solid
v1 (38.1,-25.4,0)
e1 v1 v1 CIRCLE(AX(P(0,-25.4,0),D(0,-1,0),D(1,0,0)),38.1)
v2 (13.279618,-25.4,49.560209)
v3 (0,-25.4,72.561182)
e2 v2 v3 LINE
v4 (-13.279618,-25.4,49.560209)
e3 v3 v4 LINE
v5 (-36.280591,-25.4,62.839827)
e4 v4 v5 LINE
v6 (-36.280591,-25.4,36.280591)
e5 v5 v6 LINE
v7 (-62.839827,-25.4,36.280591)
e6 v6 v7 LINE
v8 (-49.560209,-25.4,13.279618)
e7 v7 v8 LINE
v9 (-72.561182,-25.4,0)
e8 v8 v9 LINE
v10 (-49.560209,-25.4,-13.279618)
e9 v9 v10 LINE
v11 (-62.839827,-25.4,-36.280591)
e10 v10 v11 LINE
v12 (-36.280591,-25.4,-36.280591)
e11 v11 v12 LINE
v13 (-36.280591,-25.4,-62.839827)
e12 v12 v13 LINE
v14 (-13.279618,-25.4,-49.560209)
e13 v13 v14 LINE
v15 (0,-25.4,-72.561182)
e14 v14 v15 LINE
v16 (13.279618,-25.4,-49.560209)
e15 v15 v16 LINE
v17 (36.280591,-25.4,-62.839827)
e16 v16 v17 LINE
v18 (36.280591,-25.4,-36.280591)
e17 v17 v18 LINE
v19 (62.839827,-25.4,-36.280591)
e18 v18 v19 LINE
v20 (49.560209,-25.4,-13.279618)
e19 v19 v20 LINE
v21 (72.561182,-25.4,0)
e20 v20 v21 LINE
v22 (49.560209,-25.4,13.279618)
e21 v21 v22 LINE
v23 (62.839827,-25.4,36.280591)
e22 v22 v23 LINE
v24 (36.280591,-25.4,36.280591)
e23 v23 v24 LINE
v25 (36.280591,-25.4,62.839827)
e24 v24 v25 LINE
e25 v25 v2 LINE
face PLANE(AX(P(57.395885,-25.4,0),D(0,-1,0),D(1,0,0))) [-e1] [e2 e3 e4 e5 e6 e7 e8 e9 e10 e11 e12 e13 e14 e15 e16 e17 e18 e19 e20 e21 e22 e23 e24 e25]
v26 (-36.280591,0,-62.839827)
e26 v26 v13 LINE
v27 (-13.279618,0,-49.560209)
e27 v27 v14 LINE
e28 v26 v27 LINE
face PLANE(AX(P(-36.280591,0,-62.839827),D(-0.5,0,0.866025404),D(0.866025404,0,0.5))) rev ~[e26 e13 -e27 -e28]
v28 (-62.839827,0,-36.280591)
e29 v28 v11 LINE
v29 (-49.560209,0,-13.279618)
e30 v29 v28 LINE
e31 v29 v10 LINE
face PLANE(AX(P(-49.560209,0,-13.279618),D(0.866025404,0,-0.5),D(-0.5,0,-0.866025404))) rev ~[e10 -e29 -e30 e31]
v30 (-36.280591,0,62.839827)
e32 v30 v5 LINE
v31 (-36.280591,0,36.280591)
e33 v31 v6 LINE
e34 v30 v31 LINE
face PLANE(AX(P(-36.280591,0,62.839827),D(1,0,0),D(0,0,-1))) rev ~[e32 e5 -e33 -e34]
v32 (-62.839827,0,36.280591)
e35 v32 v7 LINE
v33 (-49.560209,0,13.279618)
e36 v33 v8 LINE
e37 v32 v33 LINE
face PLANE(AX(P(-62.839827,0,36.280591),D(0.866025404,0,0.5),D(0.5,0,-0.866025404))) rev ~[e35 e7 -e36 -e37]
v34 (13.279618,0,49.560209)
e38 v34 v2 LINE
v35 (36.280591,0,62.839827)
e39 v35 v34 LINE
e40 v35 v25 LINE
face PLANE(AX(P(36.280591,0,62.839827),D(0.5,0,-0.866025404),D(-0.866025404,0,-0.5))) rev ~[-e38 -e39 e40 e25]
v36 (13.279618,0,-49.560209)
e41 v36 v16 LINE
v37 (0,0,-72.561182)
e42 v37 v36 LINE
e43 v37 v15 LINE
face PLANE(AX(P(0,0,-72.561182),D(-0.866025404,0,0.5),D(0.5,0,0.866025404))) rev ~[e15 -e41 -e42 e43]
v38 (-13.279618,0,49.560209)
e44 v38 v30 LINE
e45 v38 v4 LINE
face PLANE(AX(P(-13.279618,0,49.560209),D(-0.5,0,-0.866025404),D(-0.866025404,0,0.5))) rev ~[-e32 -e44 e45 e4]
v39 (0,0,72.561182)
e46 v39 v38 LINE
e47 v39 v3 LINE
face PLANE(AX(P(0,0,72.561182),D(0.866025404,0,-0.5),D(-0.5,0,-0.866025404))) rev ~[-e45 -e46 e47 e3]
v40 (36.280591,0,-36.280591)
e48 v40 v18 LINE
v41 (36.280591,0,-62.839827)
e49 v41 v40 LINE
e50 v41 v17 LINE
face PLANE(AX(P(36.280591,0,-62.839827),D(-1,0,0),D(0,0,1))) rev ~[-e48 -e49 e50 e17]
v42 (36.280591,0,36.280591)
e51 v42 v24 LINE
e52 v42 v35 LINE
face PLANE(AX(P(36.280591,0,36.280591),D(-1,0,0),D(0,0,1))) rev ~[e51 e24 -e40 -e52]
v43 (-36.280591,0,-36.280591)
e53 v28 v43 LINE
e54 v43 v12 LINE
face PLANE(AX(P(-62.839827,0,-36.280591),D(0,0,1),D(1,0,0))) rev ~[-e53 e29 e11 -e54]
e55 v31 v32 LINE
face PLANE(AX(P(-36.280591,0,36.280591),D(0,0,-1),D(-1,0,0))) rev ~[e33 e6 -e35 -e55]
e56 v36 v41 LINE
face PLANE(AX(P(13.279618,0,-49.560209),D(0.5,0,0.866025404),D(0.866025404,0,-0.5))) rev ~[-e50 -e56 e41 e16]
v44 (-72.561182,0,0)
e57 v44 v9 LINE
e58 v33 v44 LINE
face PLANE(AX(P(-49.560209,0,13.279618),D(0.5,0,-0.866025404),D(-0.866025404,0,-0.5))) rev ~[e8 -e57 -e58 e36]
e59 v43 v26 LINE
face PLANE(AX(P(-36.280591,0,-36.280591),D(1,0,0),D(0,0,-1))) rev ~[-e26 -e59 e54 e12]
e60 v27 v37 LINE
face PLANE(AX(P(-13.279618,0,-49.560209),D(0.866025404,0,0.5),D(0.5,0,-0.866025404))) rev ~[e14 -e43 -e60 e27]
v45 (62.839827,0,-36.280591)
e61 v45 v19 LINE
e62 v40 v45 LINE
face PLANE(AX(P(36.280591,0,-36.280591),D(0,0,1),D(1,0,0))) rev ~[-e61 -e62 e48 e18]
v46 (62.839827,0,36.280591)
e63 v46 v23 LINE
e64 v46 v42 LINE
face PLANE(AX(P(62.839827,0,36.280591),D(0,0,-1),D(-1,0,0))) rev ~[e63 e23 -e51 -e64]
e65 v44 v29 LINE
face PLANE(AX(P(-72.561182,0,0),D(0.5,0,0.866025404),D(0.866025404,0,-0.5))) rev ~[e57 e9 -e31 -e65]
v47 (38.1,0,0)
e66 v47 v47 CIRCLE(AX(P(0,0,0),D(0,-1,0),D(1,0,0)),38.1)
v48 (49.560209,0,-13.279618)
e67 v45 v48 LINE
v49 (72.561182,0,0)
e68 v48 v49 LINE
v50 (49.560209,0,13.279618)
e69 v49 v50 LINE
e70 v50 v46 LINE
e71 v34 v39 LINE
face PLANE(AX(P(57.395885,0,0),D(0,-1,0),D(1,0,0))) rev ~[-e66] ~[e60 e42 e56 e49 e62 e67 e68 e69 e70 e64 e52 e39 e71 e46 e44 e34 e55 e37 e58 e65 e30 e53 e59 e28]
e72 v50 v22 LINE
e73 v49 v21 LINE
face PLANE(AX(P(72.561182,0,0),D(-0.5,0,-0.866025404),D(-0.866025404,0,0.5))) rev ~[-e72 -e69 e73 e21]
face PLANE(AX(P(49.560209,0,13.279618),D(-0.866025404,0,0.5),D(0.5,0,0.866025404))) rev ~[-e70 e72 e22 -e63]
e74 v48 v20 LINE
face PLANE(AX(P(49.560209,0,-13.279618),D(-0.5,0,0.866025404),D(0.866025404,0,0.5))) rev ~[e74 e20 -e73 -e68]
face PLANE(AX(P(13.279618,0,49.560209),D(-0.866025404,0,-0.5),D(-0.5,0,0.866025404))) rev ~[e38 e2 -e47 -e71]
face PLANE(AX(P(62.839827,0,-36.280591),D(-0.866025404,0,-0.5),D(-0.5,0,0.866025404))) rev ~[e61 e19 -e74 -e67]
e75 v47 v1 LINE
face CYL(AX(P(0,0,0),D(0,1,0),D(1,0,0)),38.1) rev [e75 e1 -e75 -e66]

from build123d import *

# Parameters (mm, degrees)
F0_R     = 38.1
F1_DEPTH = 25.4


with BuildPart() as f1:
    # F0 (on Front) → F1 (new body)
    with BuildSketch(Plane.XZ):
        with BuildLine():
            ThreePointArc((49.1988245643, 12.6536817364), (50.3981164721, 6.3772922205), (50.8, 0))
            ThreePointArc((50.8, 0), (50.3981164721, -6.3772922205), (49.1988245643, -12.6536817364))
            Line((49.1988245643, -12.6536817364), (49.5602090261, -13.2796179853))
            Line((49.5602090261, -13.2796179853), (72.5611820817, 0))
            Line((72.5611820817, 0), (49.5602090261, 13.2796179853))
            Line((49.5602090261, 13.2796179853), (49.1988245643, 12.6536817364))
        make_face()
        with BuildLine():
            ThreePointArc((48.9342727773, 13.641002447), (49.0690319755, 13.1480074912), (49.1988245643, 12.6536817364))
            Line((49.1988245643, 12.6536817364), (49.5602090261, 13.2796179853))
            Line((49.5602090261, 13.2796179853), (48.9342727773, 13.641002447))
        make_face()
        with BuildLine():
            Line((49.5602090261, -13.2796179853), (49.1988245643, -12.6536817364))
            ThreePointArc((49.1988245643, -12.6536817364), (49.0690319755, -13.1480074912), (48.9342727773, -13.641002447))
            Line((48.9342727773, -13.641002447), (49.5602090261, -13.2796179853))
        make_face()
        with BuildLine():
            ThreePointArc((36.2805910408, 35.5578221173), (43.9940905122, 25.4), (48.9342727773, 13.641002447))
            Line((48.9342727773, 13.641002447), (49.5602090261, 13.2796179853))
            Line((49.5602090261, 13.2796179853), (62.8398270114, 36.2805910408))
            Line((62.8398270114, 36.2805910408), (36.2805910408, 36.2805910408))
            Line((36.2805910408, 36.2805910408), (36.2805910408, 35.5578221173))
        make_face()
        with BuildLine():
            Line((49.5602090261, -13.2796179853), (48.9342727773, -13.641002447))
            ThreePointArc((48.9342727773, -13.641002447), (43.9940905122, -25.4), (36.2805910408, -35.5578221173))
            Line((36.2805910408, -35.5578221173), (36.2805910408, -36.2805910408))
            Line((36.2805910408, -36.2805910408), (62.8398270114, -36.2805910408))
            Line((62.8398270114, -36.2805910408), (49.5602090261, -13.2796179853))
        make_face()
        with BuildLine():
            ThreePointArc((35.5578221173, 36.2805910408), (35.9210244843, 35.9210244843), (36.2805910408, 35.5578221173))
            Line((36.2805910408, 35.5578221173), (36.2805910408, 36.2805910408))
            Line((36.2805910408, 36.2805910408), (35.5578221173, 36.2805910408))
        make_face()
        with BuildLine():
            Line((36.2805910408, -36.2805910408), (36.2805910408, -35.5578221173))
            ThreePointArc((36.2805910408, -35.5578221173), (35.9210244843, -35.9210244843), (35.5578221173, -36.2805910408))
            Line((35.5578221173, -36.2805910408), (36.2805910408, -36.2805910408))
        make_face()
        with BuildLine():
            ThreePointArc((13.641002447, 48.9342727773), (25.4, 43.9940905122), (35.5578221173, 36.2805910408))
            Line((35.5578221173, 36.2805910408), (36.2805910408, 36.2805910408))
            Line((36.2805910408, 36.2805910408), (36.2805910408, 62.8398270114))
            Line((36.2805910408, 62.8398270114), (13.2796179853, 49.5602090261))
            Line((13.2796179853, 49.5602090261), (13.641002447, 48.9342727773))
        make_face()
        with BuildLine():
            Line((36.2805910408, -36.2805910408), (35.5578221173, -36.2805910408))
            ThreePointArc((35.5578221173, -36.2805910408), (25.4, -43.9940905122), (13.641002447, -48.9342727773))
            Line((13.641002447, -48.9342727773), (13.2796179853, -49.5602090261))
            Line((13.2796179853, -49.5602090261), (36.2805910408, -62.8398270114))
            Line((36.2805910408, -62.8398270114), (36.2805910408, -36.2805910408))
        make_face()
        with BuildLine():
            ThreePointArc((12.6536817364, 49.1988245643), (13.1480074912, 49.0690319755), (13.641002447, 48.9342727773))
            Line((13.641002447, 48.9342727773), (13.2796179853, 49.5602090261))
            Line((13.2796179853, 49.5602090261), (12.6536817364, 49.1988245643))
        make_face()
        with BuildLine():
            Line((13.2796179853, -49.5602090261), (13.641002447, -48.9342727773))
            ThreePointArc((13.641002447, -48.9342727773), (13.1480074912, -49.0690319755), (12.6536817364, -49.1988245643))
            Line((12.6536817364, -49.1988245643), (13.2796179853, -49.5602090261))
        make_face()
        with BuildLine():
            ThreePointArc((-12.6536817364, 49.1988245643), (0, 50.8), (12.6536817364, 49.1988245643))
            Line((12.6536817364, 49.1988245643), (13.2796179853, 49.5602090261))
            Line((13.2796179853, 49.5602090261), (0, 72.5611820817))
            Line((0, 72.5611820817), (-13.2796179853, 49.5602090261))
            Line((-13.2796179853, 49.5602090261), (-12.6536817364, 49.1988245643))
        make_face()
        with BuildLine():
            Line((13.2796179853, -49.5602090261), (12.6536817364, -49.1988245643))
            ThreePointArc((12.6536817364, -49.1988245643), (0, -50.8), (-12.6536817364, -49.1988245643))
            Line((-12.6536817364, -49.1988245643), (-13.2796179853, -49.5602090261))
            Line((-13.2796179853, -49.5602090261), (0, -72.5611820817))
            Line((0, -72.5611820817), (13.2796179853, -49.5602090261))
        make_face()
        with BuildLine():
            ThreePointArc((-13.641002447, 48.9342727773), (-13.1480074912, 49.0690319755), (-12.6536817364, 49.1988245643))
            Line((-12.6536817364, 49.1988245643), (-13.2796179853, 49.5602090261))
            Line((-13.2796179853, 49.5602090261), (-13.641002447, 48.9342727773))
        make_face()
        with BuildLine():
            Line((-13.2796179853, -49.5602090261), (-12.6536817364, -49.1988245643))
            ThreePointArc((-12.6536817364, -49.1988245643), (-13.1480074912, -49.0690319755), (-13.641002447, -48.9342727773))
            Line((-13.641002447, -48.9342727773), (-13.2796179853, -49.5602090261))
        make_face()
        with BuildLine():
            ThreePointArc((-35.5578221173, 36.2805910408), (-25.4, 43.9940905122), (-13.641002447, 48.9342727773))
            Line((-13.641002447, 48.9342727773), (-13.2796179853, 49.5602090261))
            Line((-13.2796179853, 49.5602090261), (-36.2805910408, 62.8398270114))
            Line((-36.2805910408, 62.8398270114), (-36.2805910408, 36.2805910408))
            Line((-36.2805910408, 36.2805910408), (-35.5578221173, 36.2805910408))
        make_face()
        with BuildLine():
            Line((-13.2796179853, -49.5602090261), (-13.641002447, -48.9342727773))
            ThreePointArc((-13.641002447, -48.9342727773), (-25.4, -43.9940905122), (-35.5578221173, -36.2805910408))
            Line((-35.5578221173, -36.2805910408), (-36.2805910408, -36.2805910408))
            Line((-36.2805910408, -36.2805910408), (-36.2805910408, -62.8398270114))
            Line((-36.2805910408, -62.8398270114), (-13.2796179853, -49.5602090261))
        make_face()
        with BuildLine():
            ThreePointArc((-36.2805910408, 35.5578221173), (-35.9210244843, 35.9210244843), (-35.5578221173, 36.2805910408))
            Line((-35.5578221173, 36.2805910408), (-36.2805910408, 36.2805910408))
            Line((-36.2805910408, 36.2805910408), (-36.2805910408, 35.5578221173))
        make_face()
        with BuildLine():
            Line((-36.2805910408, -36.2805910408), (-35.5578221173, -36.2805910408))
            ThreePointArc((-35.5578221173, -36.2805910408), (-35.9210244843, -35.9210244843), (-36.2805910408, -35.5578221173))
            Line((-36.2805910408, -35.5578221173), (-36.2805910408, -36.2805910408))
        make_face()
        with BuildLine():
            ThreePointArc((-48.9342727773, 13.641002447), (-43.9940905122, 25.4), (-36.2805910408, 35.5578221173))
            Line((-36.2805910408, 35.5578221173), (-36.2805910408, 36.2805910408))
            Line((-36.2805910408, 36.2805910408), (-62.8398270114, 36.2805910408))
            Line((-62.8398270114, 36.2805910408), (-49.5602090261, 13.2796179853))
            Line((-49.5602090261, 13.2796179853), (-48.9342727773, 13.641002447))
        make_face()
        with BuildLine():
            Line((-36.2805910408, -36.2805910408), (-36.2805910408, -35.5578221173))
            ThreePointArc((-36.2805910408, -35.5578221173), (-43.9940905122, -25.4), (-48.9342727773, -13.641002447))
            Line((-48.9342727773, -13.641002447), (-49.5602090261, -13.2796179853))
            Line((-49.5602090261, -13.2796179853), (-62.8398270114, -36.2805910408))
            Line((-62.8398270114, -36.2805910408), (-36.2805910408, -36.2805910408))
        make_face()
        with BuildLine():
            ThreePointArc((-49.1988245643, 12.6536817364), (-49.0690319755, 13.1480074912), (-48.9342727773, 13.641002447))
            Line((-48.9342727773, 13.641002447), (-49.5602090261, 13.2796179853))
            Line((-49.5602090261, 13.2796179853), (-49.1988245643, 12.6536817364))
        make_face()
        with BuildLine():
            Line((-49.5602090261, -13.2796179853), (-48.9342727773, -13.641002447))
            ThreePointArc((-48.9342727773, -13.641002447), (-49.0690319755, -13.1480074912), (-49.1988245643, -12.6536817364))
            Line((-49.1988245643, -12.6536817364), (-49.5602090261, -13.2796179853))
        make_face()
        with BuildLine():
            ThreePointArc((-49.1988245643, -12.6536817364), (-50.8, 0), (-49.1988245643, 12.6536817364))
            Line((-49.1988245643, 12.6536817364), (-49.5602090261, 13.2796179853))
            Line((-49.5602090261, 13.2796179853), (-72.5611820817, 0))
            Line((-72.5611820817, 0), (-49.5602090261, -13.2796179853))
            Line((-49.5602090261, -13.2796179853), (-49.1988245643, -12.6536817364))
        make_face()
        with BuildLine():
            ThreePointArc((49.1988245643, -12.6536817364), (50.3981164721, -6.3772922205), (50.8, 0))
            ThreePointArc((50.8, 0), (50.3981164721, 6.3772922205), (49.1988245643, 12.6536817364))
            ThreePointArc((49.1988245643, 12.6536817364), (49.0690319755, 13.1480074912), (48.9342727773, 13.641002447))
            ThreePointArc((48.9342727773, 13.641002447), (43.9940905122, 25.4), (36.2805910408, 35.5578221173))
            ThreePointArc((36.2805910408, 35.5578221173), (35.9210244843, 35.9210244843), (35.5578221173, 36.2805910408))
            ThreePointArc((35.5578221173, 36.2805910408), (25.4, 43.9940905122), (13.641002447, 48.9342727773))
            ThreePointArc((13.641002447, 48.9342727773), (13.1480074912, 49.0690319755), (12.6536817364, 49.1988245643))
            ThreePointArc((12.6536817364, 49.1988245643), (0, 50.8), (-12.6536817364, 49.1988245643))
            ThreePointArc((-12.6536817364, 49.1988245643), (-13.1480074912, 49.0690319755), (-13.641002447, 48.9342727773))
            ThreePointArc((-13.641002447, 48.9342727773), (-25.4, 43.9940905122), (-35.5578221173, 36.2805910408))
            ThreePointArc((-35.5578221173, 36.2805910408), (-35.9210244843, 35.9210244843), (-36.2805910408, 35.5578221173))
            ThreePointArc((-36.2805910408, 35.5578221173), (-43.9940905122, 25.4), (-48.9342727773, 13.641002447))
            ThreePointArc((-48.9342727773, 13.641002447), (-49.0690319755, 13.1480074912), (-49.1988245643, 12.6536817364))
            ThreePointArc((-49.1988245643, 12.6536817364), (-50.8, 0), (-49.1988245643, -12.6536817364))
            ThreePointArc((-49.1988245643, -12.6536817364), (-49.0690319755, -13.1480074912), (-48.9342727773, -13.641002447))
            ThreePointArc((-48.9342727773, -13.641002447), (-43.9940905122, -25.4), (-36.2805910408, -35.5578221173))
            ThreePointArc((-36.2805910408, -35.5578221173), (-35.9210244843, -35.9210244843), (-35.5578221173, -36.2805910408))
            ThreePointArc((-35.5578221173, -36.2805910408), (-25.4, -43.9940905122), (-13.641002447, -48.9342727773))
            ThreePointArc((-13.641002447, -48.9342727773), (-13.1480074912, -49.0690319755), (-12.6536817364, -49.1988245643))
            ThreePointArc((-12.6536817364, -49.1988245643), (0, -50.8), (12.6536817364, -49.1988245643))
            ThreePointArc((12.6536817364, -49.1988245643), (13.1480074912, -49.0690319755), (13.641002447, -48.9342727773))
            ThreePointArc((13.641002447, -48.9342727773), (25.4, -43.9940905122), (35.5578221173, -36.2805910408))
            ThreePointArc((35.5578221173, -36.2805910408), (35.9210244843, -35.9210244843), (36.2805910408, -35.5578221173))
            ThreePointArc((36.2805910408, -35.5578221173), (43.9940905122, -25.4), (48.9342727773, -13.641002447))
            ThreePointArc((48.9342727773, -13.641002447), (49.0690319755, -13.1480074912), (49.1988245643, -12.6536817364))
        make_face()
        Circle(F0_R, mode=Mode.SUBTRACT)
    extrude(amount=F1_DEPTH)


solid = f1.part
